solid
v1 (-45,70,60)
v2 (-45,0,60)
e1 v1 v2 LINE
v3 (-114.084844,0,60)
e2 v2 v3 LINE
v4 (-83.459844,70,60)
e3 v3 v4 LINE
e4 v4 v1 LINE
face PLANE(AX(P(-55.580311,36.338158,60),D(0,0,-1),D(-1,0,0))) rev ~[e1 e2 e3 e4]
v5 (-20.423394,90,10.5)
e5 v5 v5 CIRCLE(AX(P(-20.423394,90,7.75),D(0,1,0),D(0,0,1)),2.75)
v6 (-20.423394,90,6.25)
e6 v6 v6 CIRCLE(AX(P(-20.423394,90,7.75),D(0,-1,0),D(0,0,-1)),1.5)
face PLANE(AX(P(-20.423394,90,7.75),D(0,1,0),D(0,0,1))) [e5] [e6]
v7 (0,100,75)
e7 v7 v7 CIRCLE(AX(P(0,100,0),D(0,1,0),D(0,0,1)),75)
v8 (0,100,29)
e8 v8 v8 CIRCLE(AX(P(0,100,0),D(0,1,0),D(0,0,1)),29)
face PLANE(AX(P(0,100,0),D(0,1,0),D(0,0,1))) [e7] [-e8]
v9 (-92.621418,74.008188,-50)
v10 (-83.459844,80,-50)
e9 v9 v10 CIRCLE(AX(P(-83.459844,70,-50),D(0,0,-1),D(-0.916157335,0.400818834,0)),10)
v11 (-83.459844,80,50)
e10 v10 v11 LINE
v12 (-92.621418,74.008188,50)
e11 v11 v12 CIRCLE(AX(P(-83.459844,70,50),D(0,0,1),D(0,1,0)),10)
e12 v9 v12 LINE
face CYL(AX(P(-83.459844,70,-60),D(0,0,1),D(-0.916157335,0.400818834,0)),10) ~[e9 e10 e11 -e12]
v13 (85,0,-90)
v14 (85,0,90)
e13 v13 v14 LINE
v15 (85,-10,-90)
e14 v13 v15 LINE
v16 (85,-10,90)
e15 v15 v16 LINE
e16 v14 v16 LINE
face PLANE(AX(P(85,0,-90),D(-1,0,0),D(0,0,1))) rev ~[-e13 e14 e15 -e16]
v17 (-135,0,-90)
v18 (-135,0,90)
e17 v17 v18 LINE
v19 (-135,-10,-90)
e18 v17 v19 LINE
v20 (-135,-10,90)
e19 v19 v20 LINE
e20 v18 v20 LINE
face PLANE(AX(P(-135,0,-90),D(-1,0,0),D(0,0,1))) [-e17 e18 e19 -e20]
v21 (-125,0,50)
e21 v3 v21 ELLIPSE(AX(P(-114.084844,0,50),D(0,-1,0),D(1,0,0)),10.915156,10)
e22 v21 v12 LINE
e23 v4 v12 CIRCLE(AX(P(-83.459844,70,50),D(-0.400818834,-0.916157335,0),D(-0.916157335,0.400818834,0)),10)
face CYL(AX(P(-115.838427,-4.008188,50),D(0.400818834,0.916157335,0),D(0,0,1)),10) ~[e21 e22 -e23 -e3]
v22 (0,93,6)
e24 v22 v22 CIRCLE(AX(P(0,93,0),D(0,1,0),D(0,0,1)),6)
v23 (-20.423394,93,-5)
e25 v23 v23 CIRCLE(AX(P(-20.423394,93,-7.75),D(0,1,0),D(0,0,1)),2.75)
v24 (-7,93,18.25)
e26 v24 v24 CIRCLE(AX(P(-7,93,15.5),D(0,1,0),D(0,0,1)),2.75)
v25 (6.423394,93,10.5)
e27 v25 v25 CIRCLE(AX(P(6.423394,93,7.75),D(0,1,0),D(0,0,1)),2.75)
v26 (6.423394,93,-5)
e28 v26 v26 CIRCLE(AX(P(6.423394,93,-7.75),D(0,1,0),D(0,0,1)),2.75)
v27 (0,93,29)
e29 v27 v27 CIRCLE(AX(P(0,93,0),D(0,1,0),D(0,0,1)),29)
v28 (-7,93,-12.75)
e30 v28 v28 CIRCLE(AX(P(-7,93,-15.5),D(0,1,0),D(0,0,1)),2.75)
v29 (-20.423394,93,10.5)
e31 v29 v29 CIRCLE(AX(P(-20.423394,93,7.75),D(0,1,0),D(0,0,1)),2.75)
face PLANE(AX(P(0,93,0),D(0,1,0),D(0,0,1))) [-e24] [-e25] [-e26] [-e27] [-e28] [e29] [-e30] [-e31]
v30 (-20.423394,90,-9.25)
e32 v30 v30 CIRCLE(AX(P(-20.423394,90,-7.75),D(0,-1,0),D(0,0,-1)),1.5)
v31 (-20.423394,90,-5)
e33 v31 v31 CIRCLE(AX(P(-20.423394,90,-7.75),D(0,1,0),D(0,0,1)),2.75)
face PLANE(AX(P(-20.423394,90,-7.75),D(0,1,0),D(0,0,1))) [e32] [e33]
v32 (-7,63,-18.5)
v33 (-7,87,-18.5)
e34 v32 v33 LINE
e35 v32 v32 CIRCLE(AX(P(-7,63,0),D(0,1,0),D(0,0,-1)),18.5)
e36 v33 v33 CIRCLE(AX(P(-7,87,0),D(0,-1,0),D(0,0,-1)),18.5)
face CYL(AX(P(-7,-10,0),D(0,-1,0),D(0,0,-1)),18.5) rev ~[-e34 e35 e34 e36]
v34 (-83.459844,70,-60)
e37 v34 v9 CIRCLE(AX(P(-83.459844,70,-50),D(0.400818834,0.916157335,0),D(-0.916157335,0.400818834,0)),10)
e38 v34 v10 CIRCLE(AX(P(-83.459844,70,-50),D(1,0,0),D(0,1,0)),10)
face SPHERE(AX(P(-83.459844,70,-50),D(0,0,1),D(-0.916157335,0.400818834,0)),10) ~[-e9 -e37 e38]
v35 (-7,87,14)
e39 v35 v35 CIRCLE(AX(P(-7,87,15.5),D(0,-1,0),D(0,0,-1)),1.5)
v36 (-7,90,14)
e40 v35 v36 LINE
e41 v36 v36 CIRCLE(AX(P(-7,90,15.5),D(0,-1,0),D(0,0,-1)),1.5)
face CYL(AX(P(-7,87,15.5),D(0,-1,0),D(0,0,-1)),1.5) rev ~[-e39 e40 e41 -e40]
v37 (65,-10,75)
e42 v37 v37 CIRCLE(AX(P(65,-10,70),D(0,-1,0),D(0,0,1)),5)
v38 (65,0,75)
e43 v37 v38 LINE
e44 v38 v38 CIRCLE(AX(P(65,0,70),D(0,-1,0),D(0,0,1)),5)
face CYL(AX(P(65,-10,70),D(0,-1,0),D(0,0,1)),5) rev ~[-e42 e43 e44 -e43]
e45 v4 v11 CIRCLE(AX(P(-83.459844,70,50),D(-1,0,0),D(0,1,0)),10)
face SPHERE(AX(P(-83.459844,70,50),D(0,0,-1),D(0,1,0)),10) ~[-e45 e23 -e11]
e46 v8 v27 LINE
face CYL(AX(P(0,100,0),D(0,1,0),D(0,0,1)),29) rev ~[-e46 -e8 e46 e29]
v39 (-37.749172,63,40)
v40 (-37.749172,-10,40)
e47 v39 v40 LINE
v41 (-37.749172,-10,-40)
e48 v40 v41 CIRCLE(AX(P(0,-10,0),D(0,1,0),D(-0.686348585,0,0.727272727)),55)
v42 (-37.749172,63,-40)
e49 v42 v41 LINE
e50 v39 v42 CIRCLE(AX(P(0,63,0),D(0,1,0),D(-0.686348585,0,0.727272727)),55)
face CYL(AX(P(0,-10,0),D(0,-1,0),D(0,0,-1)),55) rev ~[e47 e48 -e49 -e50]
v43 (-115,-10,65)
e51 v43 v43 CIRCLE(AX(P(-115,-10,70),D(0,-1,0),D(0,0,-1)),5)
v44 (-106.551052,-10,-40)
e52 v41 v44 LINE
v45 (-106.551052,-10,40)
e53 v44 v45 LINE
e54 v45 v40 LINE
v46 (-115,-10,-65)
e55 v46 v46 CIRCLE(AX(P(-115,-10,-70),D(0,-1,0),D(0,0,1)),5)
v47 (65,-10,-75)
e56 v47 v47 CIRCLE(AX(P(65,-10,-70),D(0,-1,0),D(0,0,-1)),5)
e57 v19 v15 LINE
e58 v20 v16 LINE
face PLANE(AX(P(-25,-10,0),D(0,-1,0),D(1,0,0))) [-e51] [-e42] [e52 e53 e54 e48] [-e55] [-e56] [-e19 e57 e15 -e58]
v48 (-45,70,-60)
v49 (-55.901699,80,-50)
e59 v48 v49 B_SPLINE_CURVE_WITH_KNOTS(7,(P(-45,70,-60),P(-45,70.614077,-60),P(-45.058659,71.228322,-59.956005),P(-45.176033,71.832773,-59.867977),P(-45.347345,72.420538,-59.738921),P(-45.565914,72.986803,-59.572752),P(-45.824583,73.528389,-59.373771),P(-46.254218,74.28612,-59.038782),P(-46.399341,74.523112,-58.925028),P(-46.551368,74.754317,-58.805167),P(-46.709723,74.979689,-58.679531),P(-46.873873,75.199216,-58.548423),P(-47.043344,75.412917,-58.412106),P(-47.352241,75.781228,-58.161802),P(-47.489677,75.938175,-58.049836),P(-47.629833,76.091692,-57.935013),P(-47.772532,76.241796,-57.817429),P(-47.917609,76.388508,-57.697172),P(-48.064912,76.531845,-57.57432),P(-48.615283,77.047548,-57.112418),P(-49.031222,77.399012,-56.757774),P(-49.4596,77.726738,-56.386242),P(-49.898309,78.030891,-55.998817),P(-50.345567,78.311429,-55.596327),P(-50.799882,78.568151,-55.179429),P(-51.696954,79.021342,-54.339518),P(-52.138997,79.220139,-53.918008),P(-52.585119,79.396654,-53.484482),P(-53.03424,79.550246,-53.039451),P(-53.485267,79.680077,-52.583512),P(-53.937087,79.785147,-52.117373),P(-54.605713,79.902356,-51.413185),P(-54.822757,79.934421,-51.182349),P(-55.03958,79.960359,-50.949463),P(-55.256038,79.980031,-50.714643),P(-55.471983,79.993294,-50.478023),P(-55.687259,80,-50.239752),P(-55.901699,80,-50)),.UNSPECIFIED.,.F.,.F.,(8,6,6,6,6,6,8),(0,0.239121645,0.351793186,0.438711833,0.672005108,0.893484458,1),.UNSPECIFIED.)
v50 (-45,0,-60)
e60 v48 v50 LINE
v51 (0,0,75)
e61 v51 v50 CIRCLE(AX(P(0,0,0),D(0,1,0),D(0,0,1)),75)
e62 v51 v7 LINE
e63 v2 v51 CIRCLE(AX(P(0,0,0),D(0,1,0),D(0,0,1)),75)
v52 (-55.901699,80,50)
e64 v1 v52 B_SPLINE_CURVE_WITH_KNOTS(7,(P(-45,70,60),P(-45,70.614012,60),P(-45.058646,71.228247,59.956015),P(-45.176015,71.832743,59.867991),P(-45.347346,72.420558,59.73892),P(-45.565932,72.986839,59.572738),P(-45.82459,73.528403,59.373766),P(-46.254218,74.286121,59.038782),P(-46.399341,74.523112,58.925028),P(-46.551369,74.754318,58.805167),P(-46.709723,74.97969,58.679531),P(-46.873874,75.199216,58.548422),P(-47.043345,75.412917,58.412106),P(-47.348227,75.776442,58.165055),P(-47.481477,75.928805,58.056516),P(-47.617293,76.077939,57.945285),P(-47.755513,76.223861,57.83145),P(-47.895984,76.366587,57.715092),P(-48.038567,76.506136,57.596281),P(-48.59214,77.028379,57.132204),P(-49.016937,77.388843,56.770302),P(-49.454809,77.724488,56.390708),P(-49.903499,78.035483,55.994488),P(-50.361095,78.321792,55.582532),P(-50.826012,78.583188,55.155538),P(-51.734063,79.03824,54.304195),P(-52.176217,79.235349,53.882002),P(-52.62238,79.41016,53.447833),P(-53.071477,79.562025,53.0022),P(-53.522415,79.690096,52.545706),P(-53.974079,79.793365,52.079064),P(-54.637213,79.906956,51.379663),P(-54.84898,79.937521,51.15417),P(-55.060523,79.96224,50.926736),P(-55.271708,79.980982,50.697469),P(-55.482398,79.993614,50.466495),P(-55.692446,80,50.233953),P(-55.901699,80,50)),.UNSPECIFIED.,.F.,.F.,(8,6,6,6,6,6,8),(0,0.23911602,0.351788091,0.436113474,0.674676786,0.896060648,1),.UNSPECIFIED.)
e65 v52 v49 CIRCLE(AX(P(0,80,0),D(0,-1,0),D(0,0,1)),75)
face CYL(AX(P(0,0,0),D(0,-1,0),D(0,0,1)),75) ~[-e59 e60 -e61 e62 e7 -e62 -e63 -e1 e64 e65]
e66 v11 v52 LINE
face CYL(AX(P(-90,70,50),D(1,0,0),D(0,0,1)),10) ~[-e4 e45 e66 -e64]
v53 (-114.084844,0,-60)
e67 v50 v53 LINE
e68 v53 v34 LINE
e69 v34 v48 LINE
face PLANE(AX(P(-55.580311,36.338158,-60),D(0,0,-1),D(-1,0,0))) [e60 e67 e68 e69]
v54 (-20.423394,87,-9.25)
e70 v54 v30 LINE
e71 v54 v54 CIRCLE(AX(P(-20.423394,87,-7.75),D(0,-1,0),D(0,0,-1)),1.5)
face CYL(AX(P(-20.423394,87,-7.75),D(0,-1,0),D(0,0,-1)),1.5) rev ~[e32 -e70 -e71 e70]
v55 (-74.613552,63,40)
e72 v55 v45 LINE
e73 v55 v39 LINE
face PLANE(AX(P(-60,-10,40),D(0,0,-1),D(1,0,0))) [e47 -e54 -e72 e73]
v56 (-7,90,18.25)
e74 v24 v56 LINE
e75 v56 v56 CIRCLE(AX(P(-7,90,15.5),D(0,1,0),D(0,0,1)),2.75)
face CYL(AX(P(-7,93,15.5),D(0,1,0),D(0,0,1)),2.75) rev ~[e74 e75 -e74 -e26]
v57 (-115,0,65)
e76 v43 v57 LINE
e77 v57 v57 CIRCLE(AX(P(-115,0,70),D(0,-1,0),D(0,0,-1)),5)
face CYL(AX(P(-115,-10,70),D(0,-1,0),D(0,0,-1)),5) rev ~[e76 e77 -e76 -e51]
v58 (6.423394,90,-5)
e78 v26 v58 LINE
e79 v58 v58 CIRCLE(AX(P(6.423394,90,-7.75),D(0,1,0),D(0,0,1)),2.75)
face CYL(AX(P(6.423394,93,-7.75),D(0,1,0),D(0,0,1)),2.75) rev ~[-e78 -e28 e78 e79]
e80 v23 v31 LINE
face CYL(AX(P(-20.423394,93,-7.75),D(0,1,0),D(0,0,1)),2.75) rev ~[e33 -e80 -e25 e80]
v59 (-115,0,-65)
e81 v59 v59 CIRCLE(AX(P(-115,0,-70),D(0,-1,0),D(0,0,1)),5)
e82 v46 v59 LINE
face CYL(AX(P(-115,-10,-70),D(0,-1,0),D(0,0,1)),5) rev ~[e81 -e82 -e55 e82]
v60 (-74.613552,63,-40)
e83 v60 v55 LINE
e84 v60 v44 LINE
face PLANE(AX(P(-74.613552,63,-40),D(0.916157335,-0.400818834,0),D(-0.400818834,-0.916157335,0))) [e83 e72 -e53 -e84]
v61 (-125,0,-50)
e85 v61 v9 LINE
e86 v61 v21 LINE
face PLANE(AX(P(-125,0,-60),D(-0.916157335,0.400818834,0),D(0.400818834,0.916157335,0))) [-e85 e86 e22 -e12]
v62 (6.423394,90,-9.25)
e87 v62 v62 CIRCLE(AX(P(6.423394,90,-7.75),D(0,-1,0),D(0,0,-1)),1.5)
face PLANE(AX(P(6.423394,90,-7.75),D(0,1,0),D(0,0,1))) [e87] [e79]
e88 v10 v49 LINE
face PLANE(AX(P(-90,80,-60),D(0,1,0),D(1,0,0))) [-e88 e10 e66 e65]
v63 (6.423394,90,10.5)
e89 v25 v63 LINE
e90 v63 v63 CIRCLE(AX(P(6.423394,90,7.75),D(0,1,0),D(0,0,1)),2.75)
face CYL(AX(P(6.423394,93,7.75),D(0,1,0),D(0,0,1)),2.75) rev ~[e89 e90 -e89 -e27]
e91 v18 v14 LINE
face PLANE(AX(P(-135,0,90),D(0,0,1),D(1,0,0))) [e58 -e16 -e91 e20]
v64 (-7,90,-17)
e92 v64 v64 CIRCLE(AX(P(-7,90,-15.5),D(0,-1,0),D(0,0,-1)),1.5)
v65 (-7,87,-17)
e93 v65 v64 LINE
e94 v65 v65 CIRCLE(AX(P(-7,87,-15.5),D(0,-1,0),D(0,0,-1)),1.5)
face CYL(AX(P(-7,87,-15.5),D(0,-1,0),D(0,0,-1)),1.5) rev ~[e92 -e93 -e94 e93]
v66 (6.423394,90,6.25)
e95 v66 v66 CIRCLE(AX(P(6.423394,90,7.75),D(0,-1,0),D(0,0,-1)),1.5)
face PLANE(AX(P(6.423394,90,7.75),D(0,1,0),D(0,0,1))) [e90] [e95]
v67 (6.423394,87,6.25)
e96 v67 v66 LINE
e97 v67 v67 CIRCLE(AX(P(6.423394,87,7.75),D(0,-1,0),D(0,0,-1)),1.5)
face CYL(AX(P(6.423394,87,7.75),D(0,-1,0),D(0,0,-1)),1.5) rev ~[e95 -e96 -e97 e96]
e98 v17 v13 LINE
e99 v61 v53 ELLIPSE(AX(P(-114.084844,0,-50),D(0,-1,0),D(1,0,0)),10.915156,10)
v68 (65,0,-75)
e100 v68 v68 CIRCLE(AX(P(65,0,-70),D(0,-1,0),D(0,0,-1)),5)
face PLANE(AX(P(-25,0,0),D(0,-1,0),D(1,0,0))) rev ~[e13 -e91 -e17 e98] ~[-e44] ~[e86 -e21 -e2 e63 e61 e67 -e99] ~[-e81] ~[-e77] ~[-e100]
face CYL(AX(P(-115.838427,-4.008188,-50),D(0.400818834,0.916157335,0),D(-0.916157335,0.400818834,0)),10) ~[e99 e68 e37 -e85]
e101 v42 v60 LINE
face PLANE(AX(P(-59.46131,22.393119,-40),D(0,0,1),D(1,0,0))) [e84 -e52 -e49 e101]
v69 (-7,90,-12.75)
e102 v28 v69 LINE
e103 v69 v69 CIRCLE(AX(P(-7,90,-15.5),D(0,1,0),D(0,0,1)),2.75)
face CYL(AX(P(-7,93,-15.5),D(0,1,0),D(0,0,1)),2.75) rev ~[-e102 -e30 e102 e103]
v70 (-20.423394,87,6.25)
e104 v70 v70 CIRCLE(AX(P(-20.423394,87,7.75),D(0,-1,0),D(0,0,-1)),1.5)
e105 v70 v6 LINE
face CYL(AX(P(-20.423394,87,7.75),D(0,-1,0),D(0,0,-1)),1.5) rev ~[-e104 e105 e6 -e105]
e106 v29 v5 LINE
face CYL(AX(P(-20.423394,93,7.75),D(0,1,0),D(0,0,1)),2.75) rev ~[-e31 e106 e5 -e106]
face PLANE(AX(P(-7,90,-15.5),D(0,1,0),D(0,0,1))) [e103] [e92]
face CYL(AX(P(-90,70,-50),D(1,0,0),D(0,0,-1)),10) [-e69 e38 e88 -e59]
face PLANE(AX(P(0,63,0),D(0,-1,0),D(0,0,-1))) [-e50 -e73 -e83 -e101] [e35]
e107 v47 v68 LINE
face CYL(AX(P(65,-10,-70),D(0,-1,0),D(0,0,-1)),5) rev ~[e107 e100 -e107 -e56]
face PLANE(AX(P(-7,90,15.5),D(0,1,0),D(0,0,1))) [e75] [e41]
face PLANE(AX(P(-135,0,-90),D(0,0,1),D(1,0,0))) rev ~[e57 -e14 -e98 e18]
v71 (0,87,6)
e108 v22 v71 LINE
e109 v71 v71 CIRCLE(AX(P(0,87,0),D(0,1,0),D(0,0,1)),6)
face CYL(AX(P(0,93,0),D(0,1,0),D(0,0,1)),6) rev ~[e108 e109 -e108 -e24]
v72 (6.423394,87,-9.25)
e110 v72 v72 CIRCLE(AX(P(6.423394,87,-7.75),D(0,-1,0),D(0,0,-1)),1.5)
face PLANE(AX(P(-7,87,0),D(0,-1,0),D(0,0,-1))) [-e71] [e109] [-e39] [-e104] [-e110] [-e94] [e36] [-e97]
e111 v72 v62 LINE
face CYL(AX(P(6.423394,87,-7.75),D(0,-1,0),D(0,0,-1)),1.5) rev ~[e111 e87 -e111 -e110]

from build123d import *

# Parameters (mm, degrees)
SKETCH1_R                = 75
BOSS_EXTRUDE1_DEPTH      = 100
SKETCH5_R                = 29
CUT_EXTRUDE2_DEPTH       = 7
BOSS_EXTRUDE2_DEPTH      = 60
BOSS_EXTRUDE2_DEPTH_BACK = 60
SKETCH8_W                = 220
SKETCH8_H                = 180
BOSS_EXTRUDE3_DEPTH      = 10
SKETCH9_R                = 5
CUT_EXTRUDE4_DEPTH       = 10
FILLET1_R                = 10
SKETCH14_R               = 6
CUT_EXTRUDE6_DEPTH       = 110
SKETCH15_R               = 18.5
CUT_EXTRUDE7_DEPTH       = 97
SKETCH16_R               = 1.5
CUT_EXTRUDE8_DEPTH       = 7
SKETCH17_R               = 55
CUT_EXTRUDE9_DEPTH       = 73
SKETCH21_W               = 60
SKETCH21_H               = 80
CUT_EXTRUDE10_DEPTH      = 73
SKETCH23_R               = 2.75
CUT_EXTRUDE11_DEPTH      = 3
CUT_EXTRUDE15_DEPTH      = 40
CUT_EXTRUDE15_DEPTH_BACK = 40


with BuildPart() as part:
    # Sketch1 → Boss-Extrude1 (new body)
    with BuildSketch(Plane(origin=(0, 0, 0), x_dir=(1, 0, 0), z_dir=(0, 1, 0))):
        Circle(SKETCH1_R)
    extrude(amount=BOSS_EXTRUDE1_DEPTH)

    # Sketch5 → Cut-Extrude2 (cut)
    with BuildSketch(Plane(origin=(0, 100, 0), x_dir=(1, 0, 0), z_dir=(0, 1, 0))):
        Circle(SKETCH5_R)
    extrude(amount=-CUT_EXTRUDE2_DEPTH, mode=Mode.SUBTRACT)

    # Sketch2 → Boss-Extrude2 (add, two sides: drawn at the far end of the back side and taken through both)
    with BuildSketch(Plane.XY.offset(-BOSS_EXTRUDE2_DEPTH_BACK)):
        Polygon((0, 0), (-125, 0), (-90, 80), (0, 80), align=None)
    extrude(amount=BOSS_EXTRUDE2_DEPTH + BOSS_EXTRUDE2_DEPTH_BACK)

    # Sketch8 → Boss-Extrude3 (add)
    with BuildSketch(Plane.XZ):
        with Locations((-25, 0)):
            Rectangle(SKETCH8_W, SKETCH8_H)
    extrude(amount=BOSS_EXTRUDE3_DEPTH)

    # Sketch9 → Cut-Extrude4 (cut)
    with BuildSketch(Plane.XZ.offset(10)):
        with Locations((-115, 70)):
            Circle(SKETCH9_R)
        with Locations((65, 70)):
            Circle(SKETCH9_R)
        with Locations((65, -70)):
            Circle(SKETCH9_R)
        with Locations((-115, -70)):
            Circle(SKETCH9_R)
    extrude(amount=-CUT_EXTRUDE4_DEPTH, mode=Mode.SUBTRACT)

    # Fillet1
    fillet1_edges = [part.edges().sort_by_distance(p)[0] for p in [
        (-107.5, 40, 60),
        (-67.5, 80, 60),
        (-90, 80, 0),
        (-107.5, 40, -60),
        (-67.5, 80, -60),
    ]]
    fillet(fillet1_edges, radius=FILLET1_R)

    # Sketch14 → Cut-Extrude6 (cut)
    with BuildSketch(Plane(origin=(0, 93, 0), x_dir=(1, 0, 0), z_dir=(0, 1, 0))):
        Circle(SKETCH14_R)
    extrude(amount=-CUT_EXTRUDE6_DEPTH, mode=Mode.SUBTRACT)

    # Sketch15 → Cut-Extrude7 (cut)
    with BuildSketch(Plane.XZ.offset(10)):
        with Locations((-7, 0)):
            Circle(SKETCH15_R)
    extrude(amount=-CUT_EXTRUDE7_DEPTH, mode=Mode.SUBTRACT)

    # Sketch16 → Cut-Extrude8 (cut)
    with BuildSketch(Plane.XZ.offset(-87)):
        with Locations((-7, 15.5)):
            Circle(SKETCH16_R)
        with Locations((6.423393759, 7.75)):
            Circle(SKETCH16_R)
        with Locations((6.423393759, -7.75)):
            Circle(SKETCH16_R)
        with Locations((-7, -15.5)):
            Circle(SKETCH16_R)
        with Locations((-20.423393759, -7.75)):
            Circle(SKETCH16_R)
        with Locations((-20.423393759, 7.75)):
            Circle(SKETCH16_R)
    extrude(amount=-CUT_EXTRUDE8_DEPTH, mode=Mode.SUBTRACT)

    # Sketch17 → Cut-Extrude9 (cut)
    with BuildSketch(Plane.XZ.offset(10)):
        Circle(SKETCH17_R)
    extrude(amount=-CUT_EXTRUDE9_DEPTH, mode=Mode.SUBTRACT)

    # Sketch21 → Cut-Extrude10 (cut)
    with BuildSketch(Plane.XZ.offset(10)):
        with Locations((-30, 0)):
            Rectangle(SKETCH21_W, SKETCH21_H)
    extrude(amount=-CUT_EXTRUDE10_DEPTH, mode=Mode.SUBTRACT)

    # Sketch23 → Cut-Extrude11 (cut)
    with BuildSketch(Plane(origin=(0, 93, 0), x_dir=(1, 0, 0), z_dir=(0, 1, 0))):
        with Locations((-7, 15.5)):
            Circle(SKETCH23_R)
        with Locations((6.423393759, 7.75)):
            Circle(SKETCH23_R)
        with Locations((6.423393759, -7.75)):
            Circle(SKETCH23_R)
        with Locations((-7, -15.5)):
            Circle(SKETCH23_R)
        with Locations((-20.423393759, -7.75)):
            Circle(SKETCH23_R)
        with Locations((-20.423393759, 7.75)):
            Circle(SKETCH23_R)
    extrude(amount=-CUT_EXTRUDE11_DEPTH, mode=Mode.SUBTRACT)

    # Sketch27 → Cut-Extrude15 (cut, two sides: drawn at the far end of the back side and taken through both)
    with BuildSketch(Plane.XY.offset(-CUT_EXTRUDE15_DEPTH_BACK)):
        Polygon((-25, -10), (-25, 63), (-74.613551793, 63), (-106.551051793, -10), align=None)
    extrude(amount=CUT_EXTRUDE15_DEPTH + CUT_EXTRUDE15_DEPTH_BACK, mode=Mode.SUBTRACT)


solid = part.part
